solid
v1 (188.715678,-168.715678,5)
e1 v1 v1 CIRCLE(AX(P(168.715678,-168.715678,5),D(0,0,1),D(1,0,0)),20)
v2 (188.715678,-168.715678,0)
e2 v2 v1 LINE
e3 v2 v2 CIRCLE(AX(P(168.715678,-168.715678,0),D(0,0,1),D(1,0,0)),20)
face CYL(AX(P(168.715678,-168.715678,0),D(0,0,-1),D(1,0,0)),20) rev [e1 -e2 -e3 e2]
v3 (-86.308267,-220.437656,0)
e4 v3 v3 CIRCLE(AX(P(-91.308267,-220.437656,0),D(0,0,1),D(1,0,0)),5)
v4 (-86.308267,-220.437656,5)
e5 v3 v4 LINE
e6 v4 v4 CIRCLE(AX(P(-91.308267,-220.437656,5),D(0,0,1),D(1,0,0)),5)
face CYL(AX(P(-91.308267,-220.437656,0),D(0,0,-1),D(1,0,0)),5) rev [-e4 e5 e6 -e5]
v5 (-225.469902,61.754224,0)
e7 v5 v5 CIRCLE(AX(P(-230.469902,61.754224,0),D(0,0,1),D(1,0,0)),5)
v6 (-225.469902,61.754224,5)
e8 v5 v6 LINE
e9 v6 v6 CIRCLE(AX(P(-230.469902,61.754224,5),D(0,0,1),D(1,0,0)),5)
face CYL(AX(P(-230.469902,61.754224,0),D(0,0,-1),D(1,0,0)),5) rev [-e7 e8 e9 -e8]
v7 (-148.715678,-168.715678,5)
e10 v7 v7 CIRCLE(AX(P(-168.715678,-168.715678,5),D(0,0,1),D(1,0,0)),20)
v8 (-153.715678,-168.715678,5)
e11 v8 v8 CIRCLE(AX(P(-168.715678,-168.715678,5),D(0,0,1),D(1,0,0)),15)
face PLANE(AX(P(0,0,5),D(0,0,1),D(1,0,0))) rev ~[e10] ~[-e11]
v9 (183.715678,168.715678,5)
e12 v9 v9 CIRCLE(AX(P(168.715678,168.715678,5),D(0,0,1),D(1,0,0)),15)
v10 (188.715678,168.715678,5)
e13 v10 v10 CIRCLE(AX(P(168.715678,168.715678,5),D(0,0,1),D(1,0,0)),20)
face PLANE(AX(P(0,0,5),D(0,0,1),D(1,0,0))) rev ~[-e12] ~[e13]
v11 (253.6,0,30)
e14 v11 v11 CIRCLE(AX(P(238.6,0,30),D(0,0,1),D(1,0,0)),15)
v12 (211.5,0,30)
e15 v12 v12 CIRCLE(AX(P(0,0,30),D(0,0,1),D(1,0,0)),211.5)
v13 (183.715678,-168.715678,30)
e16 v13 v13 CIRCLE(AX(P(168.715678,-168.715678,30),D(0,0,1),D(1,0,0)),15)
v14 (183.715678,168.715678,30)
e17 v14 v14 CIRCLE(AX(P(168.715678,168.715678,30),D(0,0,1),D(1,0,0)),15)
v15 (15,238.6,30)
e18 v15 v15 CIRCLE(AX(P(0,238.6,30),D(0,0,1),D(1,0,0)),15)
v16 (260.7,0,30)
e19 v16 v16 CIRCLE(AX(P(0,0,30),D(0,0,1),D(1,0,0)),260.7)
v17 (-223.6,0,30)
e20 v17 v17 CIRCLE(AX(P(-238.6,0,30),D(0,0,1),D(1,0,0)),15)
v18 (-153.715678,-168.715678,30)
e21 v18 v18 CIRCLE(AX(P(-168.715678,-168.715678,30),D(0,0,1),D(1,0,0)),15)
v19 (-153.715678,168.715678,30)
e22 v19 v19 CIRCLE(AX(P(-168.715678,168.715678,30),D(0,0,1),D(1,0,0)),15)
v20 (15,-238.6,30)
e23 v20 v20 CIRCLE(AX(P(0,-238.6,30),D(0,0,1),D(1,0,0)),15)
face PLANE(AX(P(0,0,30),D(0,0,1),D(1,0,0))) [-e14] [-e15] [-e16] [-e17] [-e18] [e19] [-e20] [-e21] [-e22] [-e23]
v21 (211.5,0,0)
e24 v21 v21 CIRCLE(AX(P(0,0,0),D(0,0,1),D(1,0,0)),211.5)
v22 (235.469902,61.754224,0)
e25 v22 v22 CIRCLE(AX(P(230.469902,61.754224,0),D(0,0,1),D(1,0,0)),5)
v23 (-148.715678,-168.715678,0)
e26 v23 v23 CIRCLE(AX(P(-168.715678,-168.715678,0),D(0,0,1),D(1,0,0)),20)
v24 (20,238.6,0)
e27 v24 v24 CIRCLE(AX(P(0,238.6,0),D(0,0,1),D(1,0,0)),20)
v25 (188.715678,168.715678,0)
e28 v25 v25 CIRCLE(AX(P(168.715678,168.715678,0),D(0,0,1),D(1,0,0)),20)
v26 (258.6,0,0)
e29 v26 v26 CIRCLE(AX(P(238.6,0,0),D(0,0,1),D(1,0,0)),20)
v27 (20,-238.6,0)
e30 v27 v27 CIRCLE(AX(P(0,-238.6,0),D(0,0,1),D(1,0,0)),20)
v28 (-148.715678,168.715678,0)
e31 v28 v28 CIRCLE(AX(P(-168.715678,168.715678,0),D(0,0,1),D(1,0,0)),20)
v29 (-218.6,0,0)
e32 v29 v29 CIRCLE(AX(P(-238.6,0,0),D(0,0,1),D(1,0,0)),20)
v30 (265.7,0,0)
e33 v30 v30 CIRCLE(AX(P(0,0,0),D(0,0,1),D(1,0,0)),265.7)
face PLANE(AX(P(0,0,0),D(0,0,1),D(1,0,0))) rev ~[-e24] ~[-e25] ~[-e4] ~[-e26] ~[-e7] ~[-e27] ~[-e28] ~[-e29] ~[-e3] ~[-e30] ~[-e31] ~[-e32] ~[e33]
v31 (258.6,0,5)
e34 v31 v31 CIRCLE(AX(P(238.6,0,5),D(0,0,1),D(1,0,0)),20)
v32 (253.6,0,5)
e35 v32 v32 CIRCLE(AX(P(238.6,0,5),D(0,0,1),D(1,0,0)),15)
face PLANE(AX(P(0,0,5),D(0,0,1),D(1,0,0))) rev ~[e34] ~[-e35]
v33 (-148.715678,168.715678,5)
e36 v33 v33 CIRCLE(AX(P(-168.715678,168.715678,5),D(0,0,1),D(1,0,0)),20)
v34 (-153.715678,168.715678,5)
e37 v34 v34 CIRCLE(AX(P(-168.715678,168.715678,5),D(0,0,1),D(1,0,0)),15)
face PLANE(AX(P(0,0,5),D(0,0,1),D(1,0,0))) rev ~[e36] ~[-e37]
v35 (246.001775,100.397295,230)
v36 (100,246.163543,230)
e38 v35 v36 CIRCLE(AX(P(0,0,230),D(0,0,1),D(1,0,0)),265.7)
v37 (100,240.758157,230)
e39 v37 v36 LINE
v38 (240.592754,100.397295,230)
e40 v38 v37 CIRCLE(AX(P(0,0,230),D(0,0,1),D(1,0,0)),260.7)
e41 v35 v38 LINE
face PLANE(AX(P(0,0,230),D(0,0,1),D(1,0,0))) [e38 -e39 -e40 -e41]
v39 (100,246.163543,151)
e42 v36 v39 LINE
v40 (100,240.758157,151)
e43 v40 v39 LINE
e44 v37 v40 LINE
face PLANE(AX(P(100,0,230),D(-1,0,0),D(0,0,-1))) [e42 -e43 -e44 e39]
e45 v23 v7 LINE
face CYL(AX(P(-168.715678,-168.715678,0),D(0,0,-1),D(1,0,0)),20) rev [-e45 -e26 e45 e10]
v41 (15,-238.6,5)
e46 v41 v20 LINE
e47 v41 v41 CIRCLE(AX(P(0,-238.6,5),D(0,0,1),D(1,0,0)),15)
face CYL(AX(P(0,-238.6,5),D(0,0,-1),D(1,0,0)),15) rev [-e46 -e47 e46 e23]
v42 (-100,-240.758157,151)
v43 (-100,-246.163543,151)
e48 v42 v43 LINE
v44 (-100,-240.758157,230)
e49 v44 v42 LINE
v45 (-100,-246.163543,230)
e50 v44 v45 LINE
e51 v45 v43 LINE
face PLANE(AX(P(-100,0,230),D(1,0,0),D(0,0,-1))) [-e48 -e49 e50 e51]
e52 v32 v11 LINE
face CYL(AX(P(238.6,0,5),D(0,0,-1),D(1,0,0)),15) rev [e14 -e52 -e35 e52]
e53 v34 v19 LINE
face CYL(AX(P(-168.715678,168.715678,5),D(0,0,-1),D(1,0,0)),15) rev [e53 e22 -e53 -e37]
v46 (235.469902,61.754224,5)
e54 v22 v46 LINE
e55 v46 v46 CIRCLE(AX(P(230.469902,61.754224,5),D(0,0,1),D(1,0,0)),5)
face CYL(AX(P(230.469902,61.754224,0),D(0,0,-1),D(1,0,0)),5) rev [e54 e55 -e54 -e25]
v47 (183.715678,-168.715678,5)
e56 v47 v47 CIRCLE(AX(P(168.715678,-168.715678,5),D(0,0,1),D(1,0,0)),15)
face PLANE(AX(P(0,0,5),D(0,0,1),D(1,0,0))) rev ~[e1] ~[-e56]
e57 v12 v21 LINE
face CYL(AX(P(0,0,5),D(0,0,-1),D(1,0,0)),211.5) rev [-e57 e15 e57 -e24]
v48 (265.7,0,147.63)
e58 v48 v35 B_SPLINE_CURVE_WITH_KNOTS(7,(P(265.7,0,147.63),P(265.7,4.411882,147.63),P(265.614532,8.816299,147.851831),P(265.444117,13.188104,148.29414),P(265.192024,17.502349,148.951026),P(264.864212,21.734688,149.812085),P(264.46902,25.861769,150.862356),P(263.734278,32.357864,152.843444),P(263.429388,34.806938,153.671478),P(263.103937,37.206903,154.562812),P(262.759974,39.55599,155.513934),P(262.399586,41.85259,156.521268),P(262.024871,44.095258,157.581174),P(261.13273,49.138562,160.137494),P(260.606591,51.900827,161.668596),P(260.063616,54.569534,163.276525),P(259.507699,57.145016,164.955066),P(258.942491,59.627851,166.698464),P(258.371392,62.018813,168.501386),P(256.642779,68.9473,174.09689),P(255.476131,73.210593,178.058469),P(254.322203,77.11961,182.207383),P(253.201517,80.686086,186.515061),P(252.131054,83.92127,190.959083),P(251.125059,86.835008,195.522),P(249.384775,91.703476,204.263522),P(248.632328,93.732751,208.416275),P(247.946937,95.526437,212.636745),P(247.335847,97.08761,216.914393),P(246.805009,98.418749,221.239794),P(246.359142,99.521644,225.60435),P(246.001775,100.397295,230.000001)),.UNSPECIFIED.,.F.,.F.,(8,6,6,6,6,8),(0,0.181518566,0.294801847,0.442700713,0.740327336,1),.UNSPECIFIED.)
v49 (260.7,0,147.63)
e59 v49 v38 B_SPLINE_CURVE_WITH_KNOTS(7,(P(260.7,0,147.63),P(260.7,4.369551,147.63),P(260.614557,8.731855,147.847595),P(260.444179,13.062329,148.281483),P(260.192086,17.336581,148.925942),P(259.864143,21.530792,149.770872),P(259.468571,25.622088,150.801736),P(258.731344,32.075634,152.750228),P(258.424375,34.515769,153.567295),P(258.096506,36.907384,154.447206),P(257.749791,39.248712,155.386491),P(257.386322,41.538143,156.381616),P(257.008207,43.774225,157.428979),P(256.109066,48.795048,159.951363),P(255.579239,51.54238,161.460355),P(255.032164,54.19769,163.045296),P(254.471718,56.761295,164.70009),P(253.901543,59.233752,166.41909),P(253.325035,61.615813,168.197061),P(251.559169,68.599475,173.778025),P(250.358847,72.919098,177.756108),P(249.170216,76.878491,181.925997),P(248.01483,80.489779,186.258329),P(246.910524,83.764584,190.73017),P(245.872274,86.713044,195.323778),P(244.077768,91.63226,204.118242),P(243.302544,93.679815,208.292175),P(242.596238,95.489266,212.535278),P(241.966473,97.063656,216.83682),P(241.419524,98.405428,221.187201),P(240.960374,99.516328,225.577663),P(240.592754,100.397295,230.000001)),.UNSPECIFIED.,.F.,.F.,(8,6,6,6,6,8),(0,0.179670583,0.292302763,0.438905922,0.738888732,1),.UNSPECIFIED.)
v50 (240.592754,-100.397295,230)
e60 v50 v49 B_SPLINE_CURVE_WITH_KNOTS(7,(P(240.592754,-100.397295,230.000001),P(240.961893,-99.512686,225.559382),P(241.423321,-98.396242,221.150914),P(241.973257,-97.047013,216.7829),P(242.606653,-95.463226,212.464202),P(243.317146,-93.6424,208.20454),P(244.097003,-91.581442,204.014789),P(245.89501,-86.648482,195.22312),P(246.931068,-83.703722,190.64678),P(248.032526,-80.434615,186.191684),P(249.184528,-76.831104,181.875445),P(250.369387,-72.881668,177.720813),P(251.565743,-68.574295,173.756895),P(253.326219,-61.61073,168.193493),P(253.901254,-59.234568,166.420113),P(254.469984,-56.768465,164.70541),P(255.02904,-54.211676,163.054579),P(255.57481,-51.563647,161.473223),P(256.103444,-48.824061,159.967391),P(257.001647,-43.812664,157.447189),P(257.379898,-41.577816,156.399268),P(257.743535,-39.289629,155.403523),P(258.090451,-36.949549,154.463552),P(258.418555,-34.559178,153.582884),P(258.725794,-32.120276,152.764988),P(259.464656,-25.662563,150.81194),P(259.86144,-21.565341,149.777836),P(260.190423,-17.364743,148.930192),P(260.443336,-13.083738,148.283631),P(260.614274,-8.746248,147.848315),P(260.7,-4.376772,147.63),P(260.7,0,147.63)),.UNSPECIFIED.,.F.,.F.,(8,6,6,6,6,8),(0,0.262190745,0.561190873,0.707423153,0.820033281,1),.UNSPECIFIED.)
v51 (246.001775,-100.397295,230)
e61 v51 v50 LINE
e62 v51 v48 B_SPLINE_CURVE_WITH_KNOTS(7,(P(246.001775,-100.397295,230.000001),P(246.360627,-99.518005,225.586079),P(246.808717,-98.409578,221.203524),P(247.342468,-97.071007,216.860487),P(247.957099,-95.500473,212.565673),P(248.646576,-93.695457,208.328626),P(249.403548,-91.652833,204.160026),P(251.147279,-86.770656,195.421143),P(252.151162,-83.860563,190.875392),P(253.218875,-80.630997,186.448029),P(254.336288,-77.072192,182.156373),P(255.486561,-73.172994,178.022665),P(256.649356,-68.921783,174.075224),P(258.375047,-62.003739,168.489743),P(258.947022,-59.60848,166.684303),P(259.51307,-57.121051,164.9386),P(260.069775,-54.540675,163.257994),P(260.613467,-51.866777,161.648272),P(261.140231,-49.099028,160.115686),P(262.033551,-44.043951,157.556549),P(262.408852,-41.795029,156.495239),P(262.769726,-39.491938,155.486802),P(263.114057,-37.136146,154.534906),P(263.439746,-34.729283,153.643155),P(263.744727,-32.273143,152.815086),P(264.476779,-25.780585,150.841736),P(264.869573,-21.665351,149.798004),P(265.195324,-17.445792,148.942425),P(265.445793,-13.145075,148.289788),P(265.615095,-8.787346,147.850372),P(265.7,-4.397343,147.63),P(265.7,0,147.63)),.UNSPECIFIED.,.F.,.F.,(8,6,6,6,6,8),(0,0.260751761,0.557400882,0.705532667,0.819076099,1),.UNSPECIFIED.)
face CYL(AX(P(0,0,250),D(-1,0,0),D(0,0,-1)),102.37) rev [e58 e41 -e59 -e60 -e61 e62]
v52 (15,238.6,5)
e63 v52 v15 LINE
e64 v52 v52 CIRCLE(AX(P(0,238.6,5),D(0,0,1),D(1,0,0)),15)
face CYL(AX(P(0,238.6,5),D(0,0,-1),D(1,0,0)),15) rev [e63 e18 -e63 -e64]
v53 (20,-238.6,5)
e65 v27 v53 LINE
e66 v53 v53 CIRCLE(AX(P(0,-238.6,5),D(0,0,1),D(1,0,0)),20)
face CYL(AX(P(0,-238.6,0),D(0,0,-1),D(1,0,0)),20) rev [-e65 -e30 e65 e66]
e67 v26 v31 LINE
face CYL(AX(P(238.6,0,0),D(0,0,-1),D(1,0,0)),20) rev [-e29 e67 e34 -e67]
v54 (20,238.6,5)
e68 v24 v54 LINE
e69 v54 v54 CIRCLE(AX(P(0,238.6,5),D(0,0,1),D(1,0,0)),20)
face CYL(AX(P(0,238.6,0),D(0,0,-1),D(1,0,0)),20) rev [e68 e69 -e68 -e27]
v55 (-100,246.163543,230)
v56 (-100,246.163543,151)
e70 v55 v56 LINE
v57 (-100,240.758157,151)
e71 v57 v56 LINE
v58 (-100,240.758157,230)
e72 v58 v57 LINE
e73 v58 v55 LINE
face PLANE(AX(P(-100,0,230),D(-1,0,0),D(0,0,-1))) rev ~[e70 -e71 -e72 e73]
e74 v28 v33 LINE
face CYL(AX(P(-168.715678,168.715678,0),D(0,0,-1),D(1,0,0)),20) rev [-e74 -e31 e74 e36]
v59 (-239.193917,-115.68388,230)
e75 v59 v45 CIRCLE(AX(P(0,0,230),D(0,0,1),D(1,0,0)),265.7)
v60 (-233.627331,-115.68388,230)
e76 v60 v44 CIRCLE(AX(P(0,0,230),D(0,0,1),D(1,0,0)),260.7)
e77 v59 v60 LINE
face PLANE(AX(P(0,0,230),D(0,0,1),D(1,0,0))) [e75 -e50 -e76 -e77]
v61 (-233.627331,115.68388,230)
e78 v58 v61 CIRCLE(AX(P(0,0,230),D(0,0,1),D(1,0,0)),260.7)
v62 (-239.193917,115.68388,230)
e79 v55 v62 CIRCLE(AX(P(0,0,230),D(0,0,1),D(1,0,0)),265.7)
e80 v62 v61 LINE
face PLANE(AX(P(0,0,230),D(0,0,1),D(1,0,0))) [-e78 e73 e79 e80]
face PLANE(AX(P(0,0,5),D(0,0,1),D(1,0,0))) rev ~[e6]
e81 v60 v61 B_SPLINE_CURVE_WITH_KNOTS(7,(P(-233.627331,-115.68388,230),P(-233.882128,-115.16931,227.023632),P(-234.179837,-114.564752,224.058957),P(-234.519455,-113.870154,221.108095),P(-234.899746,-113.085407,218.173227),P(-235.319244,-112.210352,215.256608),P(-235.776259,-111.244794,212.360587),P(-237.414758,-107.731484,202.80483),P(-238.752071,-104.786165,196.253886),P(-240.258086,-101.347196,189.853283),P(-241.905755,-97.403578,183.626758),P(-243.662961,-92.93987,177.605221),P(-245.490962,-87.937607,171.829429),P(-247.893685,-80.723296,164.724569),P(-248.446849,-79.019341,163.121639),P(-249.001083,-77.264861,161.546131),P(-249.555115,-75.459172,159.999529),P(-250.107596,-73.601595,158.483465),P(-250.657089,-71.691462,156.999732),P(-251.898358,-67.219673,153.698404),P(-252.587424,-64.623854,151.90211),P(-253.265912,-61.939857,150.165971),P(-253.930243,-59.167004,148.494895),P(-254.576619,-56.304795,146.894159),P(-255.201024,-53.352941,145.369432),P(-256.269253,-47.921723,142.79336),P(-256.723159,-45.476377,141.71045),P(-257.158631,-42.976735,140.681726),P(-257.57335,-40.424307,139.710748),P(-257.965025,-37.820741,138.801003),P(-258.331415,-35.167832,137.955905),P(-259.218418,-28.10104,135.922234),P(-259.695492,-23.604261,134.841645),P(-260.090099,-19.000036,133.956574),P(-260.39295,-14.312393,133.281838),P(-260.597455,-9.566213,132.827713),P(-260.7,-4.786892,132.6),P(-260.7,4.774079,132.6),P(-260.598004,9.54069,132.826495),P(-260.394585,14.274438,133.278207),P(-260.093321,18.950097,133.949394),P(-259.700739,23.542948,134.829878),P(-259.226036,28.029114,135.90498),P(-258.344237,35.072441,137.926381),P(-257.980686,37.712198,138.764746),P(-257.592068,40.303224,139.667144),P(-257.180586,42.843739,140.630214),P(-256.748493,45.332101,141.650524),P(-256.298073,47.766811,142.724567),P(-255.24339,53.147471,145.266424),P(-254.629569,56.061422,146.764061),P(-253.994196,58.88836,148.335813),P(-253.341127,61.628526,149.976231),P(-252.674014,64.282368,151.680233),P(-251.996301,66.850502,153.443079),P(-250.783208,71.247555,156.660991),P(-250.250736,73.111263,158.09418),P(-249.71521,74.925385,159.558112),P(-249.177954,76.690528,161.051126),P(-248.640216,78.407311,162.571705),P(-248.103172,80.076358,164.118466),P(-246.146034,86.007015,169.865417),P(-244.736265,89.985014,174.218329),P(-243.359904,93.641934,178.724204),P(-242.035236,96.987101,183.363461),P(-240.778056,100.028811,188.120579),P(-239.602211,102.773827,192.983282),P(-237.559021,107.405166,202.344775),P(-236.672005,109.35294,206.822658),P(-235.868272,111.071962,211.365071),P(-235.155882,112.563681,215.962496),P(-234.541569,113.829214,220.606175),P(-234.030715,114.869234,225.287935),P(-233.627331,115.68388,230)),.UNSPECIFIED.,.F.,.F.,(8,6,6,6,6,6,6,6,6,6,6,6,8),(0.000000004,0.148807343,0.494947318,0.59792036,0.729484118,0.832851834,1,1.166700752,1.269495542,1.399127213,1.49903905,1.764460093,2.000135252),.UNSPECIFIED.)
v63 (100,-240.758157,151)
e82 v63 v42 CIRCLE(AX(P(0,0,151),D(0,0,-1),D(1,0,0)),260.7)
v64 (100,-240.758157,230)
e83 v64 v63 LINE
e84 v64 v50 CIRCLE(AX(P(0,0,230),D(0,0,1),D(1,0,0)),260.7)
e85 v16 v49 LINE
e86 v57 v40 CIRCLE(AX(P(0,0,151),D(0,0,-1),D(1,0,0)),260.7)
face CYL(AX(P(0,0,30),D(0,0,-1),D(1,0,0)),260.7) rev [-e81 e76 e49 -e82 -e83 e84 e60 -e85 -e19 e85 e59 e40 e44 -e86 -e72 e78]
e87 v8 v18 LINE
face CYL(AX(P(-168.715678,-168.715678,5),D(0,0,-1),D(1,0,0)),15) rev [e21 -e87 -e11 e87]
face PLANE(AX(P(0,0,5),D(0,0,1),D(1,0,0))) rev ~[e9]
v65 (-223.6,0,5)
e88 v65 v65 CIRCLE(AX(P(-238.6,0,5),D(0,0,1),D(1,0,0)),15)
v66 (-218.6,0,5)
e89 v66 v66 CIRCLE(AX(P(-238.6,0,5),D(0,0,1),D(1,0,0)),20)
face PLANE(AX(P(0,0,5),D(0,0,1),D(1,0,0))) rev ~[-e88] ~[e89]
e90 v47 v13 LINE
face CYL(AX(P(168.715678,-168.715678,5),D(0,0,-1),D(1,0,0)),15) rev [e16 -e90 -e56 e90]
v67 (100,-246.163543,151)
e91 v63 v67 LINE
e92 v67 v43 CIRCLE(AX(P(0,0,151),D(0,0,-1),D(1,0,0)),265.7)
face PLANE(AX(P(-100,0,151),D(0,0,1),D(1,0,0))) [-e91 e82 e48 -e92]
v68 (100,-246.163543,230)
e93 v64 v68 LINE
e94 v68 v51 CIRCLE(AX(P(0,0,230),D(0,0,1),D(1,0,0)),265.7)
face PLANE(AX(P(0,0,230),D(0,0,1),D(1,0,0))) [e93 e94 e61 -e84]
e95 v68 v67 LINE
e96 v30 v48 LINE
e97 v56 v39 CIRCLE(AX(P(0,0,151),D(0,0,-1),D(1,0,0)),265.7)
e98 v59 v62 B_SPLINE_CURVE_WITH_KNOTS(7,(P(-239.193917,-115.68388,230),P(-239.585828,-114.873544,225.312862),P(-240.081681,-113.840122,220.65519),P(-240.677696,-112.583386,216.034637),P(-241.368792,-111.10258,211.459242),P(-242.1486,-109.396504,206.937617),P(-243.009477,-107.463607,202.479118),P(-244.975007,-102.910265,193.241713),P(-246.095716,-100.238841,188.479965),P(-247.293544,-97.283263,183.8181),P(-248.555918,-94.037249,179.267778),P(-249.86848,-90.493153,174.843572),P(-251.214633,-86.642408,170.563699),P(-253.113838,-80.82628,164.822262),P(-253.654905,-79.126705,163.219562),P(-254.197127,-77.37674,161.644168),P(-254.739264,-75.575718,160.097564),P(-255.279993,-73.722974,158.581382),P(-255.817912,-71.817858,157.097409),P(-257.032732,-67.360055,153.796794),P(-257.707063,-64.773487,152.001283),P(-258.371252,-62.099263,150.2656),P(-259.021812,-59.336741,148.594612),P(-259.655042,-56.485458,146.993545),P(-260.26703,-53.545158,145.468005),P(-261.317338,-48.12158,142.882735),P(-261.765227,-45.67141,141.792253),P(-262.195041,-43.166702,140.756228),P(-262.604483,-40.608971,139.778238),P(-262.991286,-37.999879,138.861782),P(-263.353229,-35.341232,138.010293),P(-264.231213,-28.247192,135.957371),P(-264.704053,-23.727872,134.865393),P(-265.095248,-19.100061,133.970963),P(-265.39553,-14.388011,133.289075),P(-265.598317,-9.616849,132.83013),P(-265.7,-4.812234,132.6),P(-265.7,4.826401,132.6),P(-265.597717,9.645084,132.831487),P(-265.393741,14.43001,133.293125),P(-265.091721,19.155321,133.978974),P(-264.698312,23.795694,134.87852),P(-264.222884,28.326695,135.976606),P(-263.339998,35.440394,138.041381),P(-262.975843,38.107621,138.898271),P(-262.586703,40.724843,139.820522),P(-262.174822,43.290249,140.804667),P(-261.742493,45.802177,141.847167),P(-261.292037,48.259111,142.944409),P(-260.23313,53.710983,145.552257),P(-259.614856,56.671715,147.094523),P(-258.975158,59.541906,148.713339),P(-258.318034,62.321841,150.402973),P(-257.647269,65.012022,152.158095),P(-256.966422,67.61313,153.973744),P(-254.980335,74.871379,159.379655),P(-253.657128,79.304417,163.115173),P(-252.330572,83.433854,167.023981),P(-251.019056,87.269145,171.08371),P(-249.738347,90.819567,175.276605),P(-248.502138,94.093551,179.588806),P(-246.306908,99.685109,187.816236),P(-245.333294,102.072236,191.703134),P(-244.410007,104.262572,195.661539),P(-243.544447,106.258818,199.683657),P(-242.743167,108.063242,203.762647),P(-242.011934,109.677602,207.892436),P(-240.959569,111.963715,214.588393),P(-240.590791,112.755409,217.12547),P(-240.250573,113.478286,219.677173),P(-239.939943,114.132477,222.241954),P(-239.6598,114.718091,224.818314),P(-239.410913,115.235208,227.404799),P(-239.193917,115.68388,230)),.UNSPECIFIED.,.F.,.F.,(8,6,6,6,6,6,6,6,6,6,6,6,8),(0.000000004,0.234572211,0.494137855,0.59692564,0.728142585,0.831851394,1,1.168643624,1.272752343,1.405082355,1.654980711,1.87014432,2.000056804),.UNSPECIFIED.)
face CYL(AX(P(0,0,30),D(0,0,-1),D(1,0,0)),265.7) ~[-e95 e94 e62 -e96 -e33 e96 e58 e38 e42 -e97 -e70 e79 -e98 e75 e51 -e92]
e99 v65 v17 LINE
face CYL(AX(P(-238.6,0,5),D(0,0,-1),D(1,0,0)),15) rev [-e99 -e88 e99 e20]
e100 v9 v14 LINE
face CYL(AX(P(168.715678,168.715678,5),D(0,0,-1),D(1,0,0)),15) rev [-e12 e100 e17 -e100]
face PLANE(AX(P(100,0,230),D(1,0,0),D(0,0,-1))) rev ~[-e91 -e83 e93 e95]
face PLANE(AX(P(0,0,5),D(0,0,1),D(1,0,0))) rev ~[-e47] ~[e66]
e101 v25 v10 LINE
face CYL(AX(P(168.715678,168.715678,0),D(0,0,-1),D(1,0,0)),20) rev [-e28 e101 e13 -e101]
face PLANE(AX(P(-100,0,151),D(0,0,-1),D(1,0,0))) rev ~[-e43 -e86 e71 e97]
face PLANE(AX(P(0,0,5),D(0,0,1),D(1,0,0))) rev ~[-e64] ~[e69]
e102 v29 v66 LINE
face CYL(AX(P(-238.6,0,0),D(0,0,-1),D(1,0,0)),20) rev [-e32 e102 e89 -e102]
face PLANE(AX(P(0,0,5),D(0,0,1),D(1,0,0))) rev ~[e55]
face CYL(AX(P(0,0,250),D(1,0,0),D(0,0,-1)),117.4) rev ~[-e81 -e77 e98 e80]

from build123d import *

# Parameters (mm, degrees)
SKETCH1_R           = 265.7
SKETCH1_R_2         = 211.5
SKETCH1_R_3         = 20
SKETCH1_R_4         = 5
EXTRUDE1_DEPTH      = 5
SKETCH2_R           = 265.7
SKETCH2_R_2         = 15
SKETCH2_R_3         = 211.5
EXTRUDE2_DEPTH      = 25
SKETCH3_R           = 265.7
SKETCH3_R_2         = 260.7
EXTRUDE3_DEPTH      = 200
SKETCH4_R           = 102.37
EXTRUDE4_DEPTH      = 266.7
SKETCH5_R           = 117.4
EXTRUDE5_DEPTH      = 266.7000001
SKETCH6_W           = 200
SKETCH6_H           = 79
EXTRUDE6_DEPTH      = 266.7000001
EXTRUDE6_DEPTH_BACK = 266.7000001


with BuildPart() as part:
    # Sketch1 → Extrude1 (new body)
    with BuildSketch(Plane.XY):
        Circle(SKETCH1_R)
        Circle(SKETCH1_R_2, mode=Mode.SUBTRACT)
        with Locations((238.6, 0)):
            Circle(SKETCH1_R_3, mode=Mode.SUBTRACT)
        with Locations((168.715677991, 168.715677991)):
            Circle(SKETCH1_R_3, mode=Mode.SUBTRACT)
        with Locations((0, 238.6)):
            Circle(SKETCH1_R_3, mode=Mode.SUBTRACT)
        with Locations((-168.715677991, 168.715677991)):
            Circle(SKETCH1_R_3, mode=Mode.SUBTRACT)
        with Locations((-238.6, 0)):
            Circle(SKETCH1_R_3, mode=Mode.SUBTRACT)
        with Locations((-168.715677991, -168.715677991)):
            Circle(SKETCH1_R_3, mode=Mode.SUBTRACT)
        with Locations((0, -238.6)):
            Circle(SKETCH1_R_3, mode=Mode.SUBTRACT)
        with Locations((168.715677991, -168.715677991)):
            Circle(SKETCH1_R_3, mode=Mode.SUBTRACT)
        with Locations((230.469902153, 61.754224161)):
            Circle(SKETCH1_R_4, mode=Mode.SUBTRACT)
        with Locations((-230.469902153, 61.754224161)):
            Circle(SKETCH1_R_4, mode=Mode.SUBTRACT)
        with Locations((-91.308266962, -220.437656457)):
            Circle(SKETCH1_R_4, mode=Mode.SUBTRACT)
    extrude(amount=EXTRUDE1_DEPTH)

    # Sketch2 → Extrude2 (add)
    with BuildSketch(Plane.XY.offset(5)):
        Circle(SKETCH2_R)
        with Locations((238.6, 0)):
            Circle(SKETCH2_R_2, mode=Mode.SUBTRACT)
        with Locations((168.715677991, 168.715677991)):
            Circle(SKETCH2_R_2, mode=Mode.SUBTRACT)
        with Locations((0, 238.6)):
            Circle(SKETCH2_R_2, mode=Mode.SUBTRACT)
        with Locations((-168.715677991, 168.715677991)):
            Circle(SKETCH2_R_2, mode=Mode.SUBTRACT)
        with Locations((-238.6, 0)):
            Circle(SKETCH2_R_2, mode=Mode.SUBTRACT)
        with Locations((-168.715677991, -168.715677991)):
            Circle(SKETCH2_R_2, mode=Mode.SUBTRACT)
        with Locations((0, -238.6)):
            Circle(SKETCH2_R_2, mode=Mode.SUBTRACT)
        with Locations((168.715677991, -168.715677991)):
            Circle(SKETCH2_R_2, mode=Mode.SUBTRACT)
        Circle(SKETCH2_R_3, mode=Mode.SUBTRACT)
    extrude(amount=EXTRUDE2_DEPTH)

    # Sketch3 → Extrude3 (add)
    with BuildSketch(Plane.XY.offset(30)):
        Circle(SKETCH3_R)
        Circle(SKETCH3_R_2, mode=Mode.SUBTRACT)
    extrude(amount=EXTRUDE3_DEPTH)

    # Sketch4 → Extrude4 (cut, through all)
    with BuildSketch(Plane(origin=(0, 0, 0), x_dir=(0, 0, -1), z_dir=(1, 0, 0))):
        with Locations((-250, 0)):
            Circle(SKETCH4_R)
    extrude(amount=EXTRUDE4_DEPTH, mode=Mode.SUBTRACT)

    # Sketch5 → Extrude5 (cut, through all)
    with BuildSketch(Plane(origin=(0, 0, 0), x_dir=(0, 0, -1), z_dir=(1, 0, 0))):
        with Locations((-250, 0)):
            Circle(SKETCH5_R)
    extrude(amount=-EXTRUDE5_DEPTH, mode=Mode.SUBTRACT)

    # Sketch6 → Extrude6 (cut, two sides)
    with BuildSketch(Plane(origin=(0, 0, 0), x_dir=(1, 0, 0), z_dir=(0, 1, 0))) as extrude6_sk:
        with Locations((0, -190.5)):
            Rectangle(SKETCH6_W, SKETCH6_H)
    extrude(amount=EXTRUDE6_DEPTH, mode=Mode.SUBTRACT)
    extrude(extrude6_sk.sketch, amount=-EXTRUDE6_DEPTH_BACK, mode=Mode.SUBTRACT)


solid = part.part
